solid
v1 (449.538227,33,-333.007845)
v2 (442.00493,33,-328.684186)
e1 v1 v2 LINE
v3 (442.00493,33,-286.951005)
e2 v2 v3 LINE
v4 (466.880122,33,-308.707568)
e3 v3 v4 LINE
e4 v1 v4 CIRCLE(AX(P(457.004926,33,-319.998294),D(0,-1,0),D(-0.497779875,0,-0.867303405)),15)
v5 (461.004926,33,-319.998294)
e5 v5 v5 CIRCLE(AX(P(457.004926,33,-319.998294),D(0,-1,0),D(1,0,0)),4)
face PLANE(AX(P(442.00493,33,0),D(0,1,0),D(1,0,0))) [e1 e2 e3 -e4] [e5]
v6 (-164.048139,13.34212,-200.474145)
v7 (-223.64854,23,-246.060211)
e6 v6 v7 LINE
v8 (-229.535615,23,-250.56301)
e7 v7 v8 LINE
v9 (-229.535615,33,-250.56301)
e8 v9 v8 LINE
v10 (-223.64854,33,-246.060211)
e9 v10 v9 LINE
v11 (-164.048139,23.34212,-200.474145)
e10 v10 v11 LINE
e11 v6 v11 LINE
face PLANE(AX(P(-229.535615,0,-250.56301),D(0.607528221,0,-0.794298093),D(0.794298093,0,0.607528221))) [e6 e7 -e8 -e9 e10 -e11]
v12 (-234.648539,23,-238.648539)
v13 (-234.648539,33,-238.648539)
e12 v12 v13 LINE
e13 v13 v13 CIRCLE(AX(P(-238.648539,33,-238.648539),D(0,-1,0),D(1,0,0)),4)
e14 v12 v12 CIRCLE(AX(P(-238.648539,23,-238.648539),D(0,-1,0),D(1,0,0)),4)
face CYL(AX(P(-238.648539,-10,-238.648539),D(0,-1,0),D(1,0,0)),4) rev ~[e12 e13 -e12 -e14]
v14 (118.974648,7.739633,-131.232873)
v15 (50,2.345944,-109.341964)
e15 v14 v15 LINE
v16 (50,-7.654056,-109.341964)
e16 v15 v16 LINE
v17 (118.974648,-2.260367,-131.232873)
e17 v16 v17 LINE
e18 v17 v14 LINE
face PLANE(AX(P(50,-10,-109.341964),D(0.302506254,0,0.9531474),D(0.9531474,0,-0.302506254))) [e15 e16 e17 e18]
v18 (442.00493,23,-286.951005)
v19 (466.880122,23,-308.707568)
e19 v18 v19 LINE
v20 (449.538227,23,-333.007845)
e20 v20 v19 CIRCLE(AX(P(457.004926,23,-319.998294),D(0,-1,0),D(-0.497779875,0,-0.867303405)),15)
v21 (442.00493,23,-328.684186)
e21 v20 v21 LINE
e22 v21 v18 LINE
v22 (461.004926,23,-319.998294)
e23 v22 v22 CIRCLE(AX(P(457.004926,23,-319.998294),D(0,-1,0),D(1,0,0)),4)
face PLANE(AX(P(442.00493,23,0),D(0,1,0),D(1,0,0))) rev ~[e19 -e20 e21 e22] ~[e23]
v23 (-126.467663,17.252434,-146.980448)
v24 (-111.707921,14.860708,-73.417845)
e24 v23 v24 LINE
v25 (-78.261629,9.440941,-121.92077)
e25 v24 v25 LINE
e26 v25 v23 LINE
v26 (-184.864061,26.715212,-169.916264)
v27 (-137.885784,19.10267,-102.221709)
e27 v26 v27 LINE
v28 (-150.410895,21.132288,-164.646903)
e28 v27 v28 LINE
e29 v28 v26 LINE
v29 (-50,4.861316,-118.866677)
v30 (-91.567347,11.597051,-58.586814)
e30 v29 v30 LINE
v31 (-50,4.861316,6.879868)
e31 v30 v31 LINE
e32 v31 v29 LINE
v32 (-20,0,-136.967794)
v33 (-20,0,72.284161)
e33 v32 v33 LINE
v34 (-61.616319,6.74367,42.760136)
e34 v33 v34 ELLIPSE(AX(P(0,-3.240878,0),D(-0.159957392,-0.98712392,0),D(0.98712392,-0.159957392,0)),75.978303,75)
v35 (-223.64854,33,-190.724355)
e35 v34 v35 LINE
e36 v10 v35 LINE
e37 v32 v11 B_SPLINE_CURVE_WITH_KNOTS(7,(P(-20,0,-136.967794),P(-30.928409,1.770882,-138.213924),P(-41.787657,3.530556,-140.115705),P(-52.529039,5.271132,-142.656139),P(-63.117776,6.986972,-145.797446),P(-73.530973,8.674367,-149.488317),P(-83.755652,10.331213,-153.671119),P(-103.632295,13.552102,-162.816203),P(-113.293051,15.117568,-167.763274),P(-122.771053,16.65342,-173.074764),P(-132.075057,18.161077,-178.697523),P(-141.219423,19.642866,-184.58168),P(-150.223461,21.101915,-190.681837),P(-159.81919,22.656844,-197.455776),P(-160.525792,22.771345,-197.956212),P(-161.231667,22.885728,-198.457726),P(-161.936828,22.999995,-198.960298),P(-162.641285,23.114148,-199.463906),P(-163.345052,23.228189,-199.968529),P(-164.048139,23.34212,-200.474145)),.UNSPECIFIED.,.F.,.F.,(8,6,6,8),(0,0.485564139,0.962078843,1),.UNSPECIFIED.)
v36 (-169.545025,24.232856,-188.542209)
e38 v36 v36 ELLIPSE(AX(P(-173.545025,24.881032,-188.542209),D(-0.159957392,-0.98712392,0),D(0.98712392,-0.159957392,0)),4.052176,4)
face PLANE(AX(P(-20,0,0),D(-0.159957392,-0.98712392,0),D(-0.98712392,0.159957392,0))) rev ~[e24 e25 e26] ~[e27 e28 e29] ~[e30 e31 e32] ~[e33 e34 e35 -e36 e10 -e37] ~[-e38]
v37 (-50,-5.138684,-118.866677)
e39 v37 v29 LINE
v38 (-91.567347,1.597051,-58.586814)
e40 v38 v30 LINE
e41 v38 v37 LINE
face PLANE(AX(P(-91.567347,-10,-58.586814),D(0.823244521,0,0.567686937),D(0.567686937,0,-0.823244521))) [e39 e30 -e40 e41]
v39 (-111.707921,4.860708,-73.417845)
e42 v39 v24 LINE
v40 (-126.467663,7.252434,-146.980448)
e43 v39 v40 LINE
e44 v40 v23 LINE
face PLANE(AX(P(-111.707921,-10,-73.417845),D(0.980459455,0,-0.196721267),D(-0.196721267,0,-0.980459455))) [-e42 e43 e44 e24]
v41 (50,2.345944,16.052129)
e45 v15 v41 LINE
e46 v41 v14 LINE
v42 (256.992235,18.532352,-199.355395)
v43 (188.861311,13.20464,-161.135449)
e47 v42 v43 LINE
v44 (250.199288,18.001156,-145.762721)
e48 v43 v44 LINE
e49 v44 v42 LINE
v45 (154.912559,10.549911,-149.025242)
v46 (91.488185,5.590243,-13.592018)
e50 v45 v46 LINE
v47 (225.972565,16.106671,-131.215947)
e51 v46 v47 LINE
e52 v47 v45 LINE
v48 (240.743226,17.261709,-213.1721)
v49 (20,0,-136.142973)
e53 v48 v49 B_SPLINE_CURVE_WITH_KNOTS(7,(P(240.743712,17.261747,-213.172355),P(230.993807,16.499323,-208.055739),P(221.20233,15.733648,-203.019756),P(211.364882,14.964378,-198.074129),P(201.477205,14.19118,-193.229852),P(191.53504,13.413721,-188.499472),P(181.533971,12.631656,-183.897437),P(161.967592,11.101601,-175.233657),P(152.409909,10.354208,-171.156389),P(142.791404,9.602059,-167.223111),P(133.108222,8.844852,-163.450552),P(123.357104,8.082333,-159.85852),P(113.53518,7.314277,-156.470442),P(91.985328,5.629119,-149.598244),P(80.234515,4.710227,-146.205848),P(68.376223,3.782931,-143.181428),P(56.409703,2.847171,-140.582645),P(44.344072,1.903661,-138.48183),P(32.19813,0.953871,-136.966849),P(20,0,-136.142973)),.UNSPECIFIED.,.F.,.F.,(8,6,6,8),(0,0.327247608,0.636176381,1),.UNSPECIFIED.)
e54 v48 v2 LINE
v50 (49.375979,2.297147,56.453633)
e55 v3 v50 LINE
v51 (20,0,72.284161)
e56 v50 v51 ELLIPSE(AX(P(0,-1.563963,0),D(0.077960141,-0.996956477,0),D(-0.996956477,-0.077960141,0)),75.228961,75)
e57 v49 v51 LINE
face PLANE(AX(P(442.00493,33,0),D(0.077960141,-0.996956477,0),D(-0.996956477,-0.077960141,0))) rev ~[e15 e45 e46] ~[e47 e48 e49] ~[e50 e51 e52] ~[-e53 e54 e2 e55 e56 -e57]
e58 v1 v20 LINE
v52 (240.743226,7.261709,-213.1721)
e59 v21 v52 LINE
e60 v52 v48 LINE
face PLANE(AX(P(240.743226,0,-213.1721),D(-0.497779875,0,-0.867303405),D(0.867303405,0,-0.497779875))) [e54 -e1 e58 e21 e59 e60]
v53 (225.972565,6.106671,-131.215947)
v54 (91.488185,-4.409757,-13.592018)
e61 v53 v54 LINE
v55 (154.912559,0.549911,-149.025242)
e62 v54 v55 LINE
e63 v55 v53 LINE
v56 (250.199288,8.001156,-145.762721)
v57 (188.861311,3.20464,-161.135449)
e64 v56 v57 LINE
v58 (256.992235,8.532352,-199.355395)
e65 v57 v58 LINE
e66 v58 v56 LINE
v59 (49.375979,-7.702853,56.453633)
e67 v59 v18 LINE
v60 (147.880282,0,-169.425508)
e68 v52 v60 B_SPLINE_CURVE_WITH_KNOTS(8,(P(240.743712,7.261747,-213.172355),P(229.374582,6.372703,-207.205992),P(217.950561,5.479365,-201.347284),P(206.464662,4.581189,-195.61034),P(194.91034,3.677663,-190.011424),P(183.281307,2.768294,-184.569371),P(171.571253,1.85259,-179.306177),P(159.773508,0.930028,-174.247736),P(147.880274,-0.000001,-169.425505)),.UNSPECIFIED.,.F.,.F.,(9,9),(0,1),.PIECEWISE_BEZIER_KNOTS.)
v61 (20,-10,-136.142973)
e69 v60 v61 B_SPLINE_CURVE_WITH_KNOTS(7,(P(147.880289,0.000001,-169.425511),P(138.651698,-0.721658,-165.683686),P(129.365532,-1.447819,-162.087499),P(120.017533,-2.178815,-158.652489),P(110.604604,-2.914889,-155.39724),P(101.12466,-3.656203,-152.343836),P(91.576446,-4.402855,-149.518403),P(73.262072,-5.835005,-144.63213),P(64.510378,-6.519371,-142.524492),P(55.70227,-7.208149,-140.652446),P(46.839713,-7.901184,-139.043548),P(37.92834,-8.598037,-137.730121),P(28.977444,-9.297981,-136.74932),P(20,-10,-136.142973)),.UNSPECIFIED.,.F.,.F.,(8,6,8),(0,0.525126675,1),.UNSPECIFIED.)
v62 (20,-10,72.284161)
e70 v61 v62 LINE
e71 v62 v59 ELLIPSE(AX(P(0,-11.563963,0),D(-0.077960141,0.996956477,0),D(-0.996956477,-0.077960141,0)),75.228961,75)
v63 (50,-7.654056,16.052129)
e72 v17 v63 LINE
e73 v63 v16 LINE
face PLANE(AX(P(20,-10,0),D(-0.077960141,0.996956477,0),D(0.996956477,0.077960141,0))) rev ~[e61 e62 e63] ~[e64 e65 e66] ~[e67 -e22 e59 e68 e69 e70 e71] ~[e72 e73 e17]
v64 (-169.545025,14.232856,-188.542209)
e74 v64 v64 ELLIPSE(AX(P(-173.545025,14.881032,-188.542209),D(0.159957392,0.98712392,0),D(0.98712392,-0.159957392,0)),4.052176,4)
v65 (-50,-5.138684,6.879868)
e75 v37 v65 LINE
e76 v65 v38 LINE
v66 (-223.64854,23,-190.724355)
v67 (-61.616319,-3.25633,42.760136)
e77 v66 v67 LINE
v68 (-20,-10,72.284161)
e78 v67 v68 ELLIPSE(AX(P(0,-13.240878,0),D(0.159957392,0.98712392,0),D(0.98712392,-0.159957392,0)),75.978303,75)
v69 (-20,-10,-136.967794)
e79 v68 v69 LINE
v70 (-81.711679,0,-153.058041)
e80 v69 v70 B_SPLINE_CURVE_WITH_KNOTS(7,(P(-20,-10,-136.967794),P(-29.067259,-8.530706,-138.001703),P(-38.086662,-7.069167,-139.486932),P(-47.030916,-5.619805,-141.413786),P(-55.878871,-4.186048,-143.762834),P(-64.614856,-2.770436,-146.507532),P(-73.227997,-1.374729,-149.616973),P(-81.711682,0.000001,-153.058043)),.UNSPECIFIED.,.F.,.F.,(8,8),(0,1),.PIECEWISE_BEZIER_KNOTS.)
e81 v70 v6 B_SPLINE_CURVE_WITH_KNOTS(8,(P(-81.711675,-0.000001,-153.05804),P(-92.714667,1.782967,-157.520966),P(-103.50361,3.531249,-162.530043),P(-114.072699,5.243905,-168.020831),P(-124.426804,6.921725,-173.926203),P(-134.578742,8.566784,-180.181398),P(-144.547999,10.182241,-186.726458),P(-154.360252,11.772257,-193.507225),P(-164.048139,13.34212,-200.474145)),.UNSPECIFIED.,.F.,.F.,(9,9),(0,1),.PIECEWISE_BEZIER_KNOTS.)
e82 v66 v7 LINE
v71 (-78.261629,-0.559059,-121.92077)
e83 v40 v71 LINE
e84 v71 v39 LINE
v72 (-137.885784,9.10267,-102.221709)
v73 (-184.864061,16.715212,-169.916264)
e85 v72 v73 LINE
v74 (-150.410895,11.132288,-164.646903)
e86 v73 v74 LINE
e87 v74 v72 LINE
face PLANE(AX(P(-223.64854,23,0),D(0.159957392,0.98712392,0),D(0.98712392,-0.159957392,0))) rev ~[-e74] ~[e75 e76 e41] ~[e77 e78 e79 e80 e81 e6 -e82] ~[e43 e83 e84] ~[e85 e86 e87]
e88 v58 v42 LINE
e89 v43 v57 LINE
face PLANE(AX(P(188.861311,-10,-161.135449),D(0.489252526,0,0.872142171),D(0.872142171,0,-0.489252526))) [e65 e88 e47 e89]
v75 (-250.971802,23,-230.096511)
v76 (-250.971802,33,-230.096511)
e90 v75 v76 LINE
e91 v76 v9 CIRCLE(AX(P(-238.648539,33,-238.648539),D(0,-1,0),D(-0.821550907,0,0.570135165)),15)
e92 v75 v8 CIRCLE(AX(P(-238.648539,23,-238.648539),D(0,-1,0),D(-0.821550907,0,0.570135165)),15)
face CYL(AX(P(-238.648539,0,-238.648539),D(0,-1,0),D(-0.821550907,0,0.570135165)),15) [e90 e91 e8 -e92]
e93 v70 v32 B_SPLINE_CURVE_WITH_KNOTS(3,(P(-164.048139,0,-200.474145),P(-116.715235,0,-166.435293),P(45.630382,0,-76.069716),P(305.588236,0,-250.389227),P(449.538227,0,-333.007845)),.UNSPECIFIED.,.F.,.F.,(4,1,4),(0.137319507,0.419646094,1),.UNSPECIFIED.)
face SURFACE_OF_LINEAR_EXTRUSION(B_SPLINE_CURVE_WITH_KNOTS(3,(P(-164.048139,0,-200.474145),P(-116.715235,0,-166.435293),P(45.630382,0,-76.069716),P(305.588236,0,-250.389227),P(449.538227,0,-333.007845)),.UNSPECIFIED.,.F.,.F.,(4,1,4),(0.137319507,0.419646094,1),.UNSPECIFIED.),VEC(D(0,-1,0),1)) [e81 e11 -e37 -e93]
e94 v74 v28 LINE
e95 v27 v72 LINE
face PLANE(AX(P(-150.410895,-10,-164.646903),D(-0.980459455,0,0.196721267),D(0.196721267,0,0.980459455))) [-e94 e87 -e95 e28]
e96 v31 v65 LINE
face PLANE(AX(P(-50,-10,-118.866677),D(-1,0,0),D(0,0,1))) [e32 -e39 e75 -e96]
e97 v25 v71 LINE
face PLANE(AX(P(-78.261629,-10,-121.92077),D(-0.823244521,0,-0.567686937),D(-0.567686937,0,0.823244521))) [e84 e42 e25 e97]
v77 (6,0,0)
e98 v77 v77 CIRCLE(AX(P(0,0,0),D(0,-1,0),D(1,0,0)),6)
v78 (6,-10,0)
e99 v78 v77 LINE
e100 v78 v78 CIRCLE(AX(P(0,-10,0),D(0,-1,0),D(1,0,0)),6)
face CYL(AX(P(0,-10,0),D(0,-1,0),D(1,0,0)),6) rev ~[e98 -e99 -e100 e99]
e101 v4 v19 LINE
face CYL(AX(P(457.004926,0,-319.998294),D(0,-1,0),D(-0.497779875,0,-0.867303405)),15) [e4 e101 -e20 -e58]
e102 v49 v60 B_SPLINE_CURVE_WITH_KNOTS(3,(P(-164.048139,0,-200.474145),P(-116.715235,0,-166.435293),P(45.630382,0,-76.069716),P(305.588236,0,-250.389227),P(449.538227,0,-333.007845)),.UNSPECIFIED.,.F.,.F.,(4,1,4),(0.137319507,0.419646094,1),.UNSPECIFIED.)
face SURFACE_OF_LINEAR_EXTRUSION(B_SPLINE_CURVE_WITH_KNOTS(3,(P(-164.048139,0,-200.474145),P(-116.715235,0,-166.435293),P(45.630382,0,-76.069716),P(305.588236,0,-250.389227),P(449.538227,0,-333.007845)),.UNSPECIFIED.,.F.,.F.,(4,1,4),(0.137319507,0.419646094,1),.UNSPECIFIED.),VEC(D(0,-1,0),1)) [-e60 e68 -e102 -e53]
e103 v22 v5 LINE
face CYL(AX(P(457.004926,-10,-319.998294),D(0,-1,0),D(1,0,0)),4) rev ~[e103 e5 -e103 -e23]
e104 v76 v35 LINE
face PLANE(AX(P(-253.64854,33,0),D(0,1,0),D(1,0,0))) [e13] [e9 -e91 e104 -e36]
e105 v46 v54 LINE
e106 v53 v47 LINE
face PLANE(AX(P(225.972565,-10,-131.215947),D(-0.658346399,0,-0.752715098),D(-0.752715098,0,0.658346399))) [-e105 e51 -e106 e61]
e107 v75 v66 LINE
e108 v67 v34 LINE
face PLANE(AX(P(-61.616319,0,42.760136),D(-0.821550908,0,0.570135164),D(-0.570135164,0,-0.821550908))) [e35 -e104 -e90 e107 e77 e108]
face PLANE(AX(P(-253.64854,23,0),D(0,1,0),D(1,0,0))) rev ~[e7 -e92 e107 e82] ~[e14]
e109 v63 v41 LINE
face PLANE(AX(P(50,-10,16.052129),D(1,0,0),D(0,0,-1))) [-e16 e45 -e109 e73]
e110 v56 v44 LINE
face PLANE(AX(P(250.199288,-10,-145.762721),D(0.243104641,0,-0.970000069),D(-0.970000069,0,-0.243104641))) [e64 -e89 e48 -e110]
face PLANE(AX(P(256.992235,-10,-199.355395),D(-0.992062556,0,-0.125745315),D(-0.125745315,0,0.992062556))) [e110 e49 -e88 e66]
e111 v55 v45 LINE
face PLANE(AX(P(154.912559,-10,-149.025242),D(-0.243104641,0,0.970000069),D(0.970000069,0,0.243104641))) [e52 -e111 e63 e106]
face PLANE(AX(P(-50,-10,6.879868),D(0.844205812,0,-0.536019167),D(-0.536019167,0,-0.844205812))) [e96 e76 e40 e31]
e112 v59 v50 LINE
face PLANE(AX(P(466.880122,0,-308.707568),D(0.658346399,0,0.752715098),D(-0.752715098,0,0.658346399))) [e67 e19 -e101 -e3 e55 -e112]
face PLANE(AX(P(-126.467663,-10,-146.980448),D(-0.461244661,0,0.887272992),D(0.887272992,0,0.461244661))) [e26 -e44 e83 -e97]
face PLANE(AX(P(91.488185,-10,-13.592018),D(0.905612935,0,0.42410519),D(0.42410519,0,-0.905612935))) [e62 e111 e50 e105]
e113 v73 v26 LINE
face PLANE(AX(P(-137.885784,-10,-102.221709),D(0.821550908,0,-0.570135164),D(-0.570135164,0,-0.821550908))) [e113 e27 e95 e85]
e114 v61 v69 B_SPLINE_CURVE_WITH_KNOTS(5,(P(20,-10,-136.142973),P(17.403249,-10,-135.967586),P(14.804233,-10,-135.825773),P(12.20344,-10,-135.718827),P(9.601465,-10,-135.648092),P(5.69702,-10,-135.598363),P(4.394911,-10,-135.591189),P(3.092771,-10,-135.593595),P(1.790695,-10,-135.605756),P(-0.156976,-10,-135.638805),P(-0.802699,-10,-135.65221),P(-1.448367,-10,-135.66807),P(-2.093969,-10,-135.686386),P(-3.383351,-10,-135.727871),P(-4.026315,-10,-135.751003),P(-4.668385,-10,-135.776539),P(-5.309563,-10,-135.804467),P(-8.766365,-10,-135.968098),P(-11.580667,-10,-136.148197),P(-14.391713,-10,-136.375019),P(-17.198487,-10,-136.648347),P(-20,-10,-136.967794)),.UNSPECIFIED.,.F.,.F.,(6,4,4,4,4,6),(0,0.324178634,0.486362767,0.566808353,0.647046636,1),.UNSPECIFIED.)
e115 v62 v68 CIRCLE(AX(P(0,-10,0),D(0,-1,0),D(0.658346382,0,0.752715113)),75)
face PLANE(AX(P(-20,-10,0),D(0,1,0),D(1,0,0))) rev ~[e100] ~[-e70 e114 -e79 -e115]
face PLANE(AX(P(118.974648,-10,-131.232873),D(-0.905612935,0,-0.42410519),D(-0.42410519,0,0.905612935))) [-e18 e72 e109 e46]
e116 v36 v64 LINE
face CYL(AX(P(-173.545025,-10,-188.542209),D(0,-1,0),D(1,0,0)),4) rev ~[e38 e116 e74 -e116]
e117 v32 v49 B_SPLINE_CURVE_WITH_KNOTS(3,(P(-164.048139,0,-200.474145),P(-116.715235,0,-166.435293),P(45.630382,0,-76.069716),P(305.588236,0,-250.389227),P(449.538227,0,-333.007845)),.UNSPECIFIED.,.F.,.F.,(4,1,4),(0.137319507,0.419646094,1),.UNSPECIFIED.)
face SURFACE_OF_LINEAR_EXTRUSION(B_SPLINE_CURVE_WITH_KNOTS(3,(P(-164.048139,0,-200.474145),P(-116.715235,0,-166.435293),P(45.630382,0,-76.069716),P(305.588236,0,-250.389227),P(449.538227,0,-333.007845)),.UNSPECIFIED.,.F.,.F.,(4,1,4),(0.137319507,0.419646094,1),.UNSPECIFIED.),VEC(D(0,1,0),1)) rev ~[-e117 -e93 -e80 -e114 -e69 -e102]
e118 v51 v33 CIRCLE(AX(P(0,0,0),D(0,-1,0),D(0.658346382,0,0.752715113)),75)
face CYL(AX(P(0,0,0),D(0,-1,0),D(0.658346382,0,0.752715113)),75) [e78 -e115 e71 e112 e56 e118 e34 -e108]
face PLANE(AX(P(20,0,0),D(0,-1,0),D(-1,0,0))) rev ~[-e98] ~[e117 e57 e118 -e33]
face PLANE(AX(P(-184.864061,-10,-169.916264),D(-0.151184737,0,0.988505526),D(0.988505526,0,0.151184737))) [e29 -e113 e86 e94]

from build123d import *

# Parameters (mm, degrees)
F1_W     = 30
F1_H     = 10
F2_DEPTH = 340
F3_DEPTH = 100
F5_DEPTH = 76
F6_R     = 4
F6_R_2   = 6
F7_DEPTH = 66


with BuildPart() as f2:
    # F1 (on Top) → F2 (new body)
    with BuildSketch(Plane.XY):
        Polygon((0, 0), (-20, 0), (-20, -10), (20, -10), (20, 0), align=None)
        Polygon((-20, -10), (-20, 0), (-223.64854, 33), (-223.64854, 23), align=None)
        with Locations((-238.64854, 28)):
            Rectangle(F1_W, F1_H)
        Polygon((442.00493, 33), (20, 0), (20, -10), (442.00493, 23), align=None)
        with Locations((457.00493, 28)):
            Rectangle(F1_W, F1_H)
    extrude(amount=-F2_DEPTH)

    # F1 (on Top) → F3 (join)
    with BuildSketch(Plane.XY):
        Polygon((0, 0), (-20, 0), (-20, -10), (20, -10), (20, 0), align=None)
        Polygon((-20, -10), (-20, 0), (-223.64854, 33), (-223.64854, 23), align=None)
        with Locations((-238.64854, 28)):
            Rectangle(F1_W, F1_H)
        Polygon((442.00493, 33), (20, 0), (20, -10), (442.00493, 23), align=None)
        with Locations((457.00493, 28)):
            Rectangle(F1_W, F1_H)
    extrude(amount=F3_DEPTH)

    # F4 (on Front) → F5 (intersect, symmetric)
    with BuildSketch(Plane.XZ):
        with BuildLine():
            ThreePointArc((-250.9718022583, -230.0965111685), (-249.006915225, -249.4976876834), (-229.5356153331, -250.563010045))
            ThreePointArc((-229.5356153331, -250.563010045), (-225.2006047987, -245.2933166844), (-223.6485386505, -238.6485386505))
            ThreePointArc((-223.6485386505, -238.6485386505), (-234.1679669301, -224.3333552056), (-250.9718022583, -230.0965111685))
        make_face()
        with BuildLine():
            add(Edge.make_bspline(
                [(-229.5356153331, -250.563010045), (-208.7207010553, -234.6424785008), (-187.0701685552, -217.0301430269), (-164.0481391717, -200.4741451059)],
                knots=[0, 0, 0, 0, 0.1373195068, 0.1373195068, 0.1373195068, 0.1373195068], degree=3))
            Line((-229.5356153331, -250.563010045), (-164.0481391717, -200.4741451059))
        make_face()
        with BuildLine():
            ThreePointArc((-223.6485386505, -238.6485386505), (-225.2006047987, -245.2933166844), (-229.5356153331, -250.563010045))
            add(Edge.make_bspline(
                [(-229.5356153331, -250.563010045), (-208.7207010553, -234.6424785008), (-187.0701685552, -217.0301430269), (-164.0481391717, -200.4741451059)],
                knots=[0, 0, 0, 0, 0.1373195068, 0.1373195068, 0.1373195068, 0.1373195068], degree=3))
            Line((-164.0481391717, -200.4741451059), (0, -75))
            ThreePointArc((0, -75), (-66.4530293795, -34.7706037666), (-61.6163187638, 42.7601363655))
            Line((-61.6163187638, 42.7601363655), (-250.9718022583, -230.0965111685))
            ThreePointArc((-250.9718022583, -230.0965111685), (-234.1679669301, -224.3333552056), (-223.6485386505, -238.6485386505))
        make_face()
        with BuildLine():
            Line((0, -75), (-164.0481391717, -200.4741451059))
            add(Edge.make_bspline(
                [(-164.0481391717, -200.4741451059), (-116.7152354778, -166.4352929221), (-4.1014041633, -103.751655246), (155.4809175381, -168.4276528716), (240.7432263876, -213.1721002441)],
                knots=[0.1373195068, 0.1373195068, 0.1373195068, 0.1373195068, 0.4196460942, 0.7357326781, 0.7357326781, 0.7357326781, 0.7357326781], degree=3))
            Line((240.7432263876, -213.1721002441), (0, -75))
        make_face()
        with BuildLine():
            ThreePointArc((49.3759786376, 56.4536334843), (-9.1833788682, 74.4356470555), (-61.6163187638, 42.7601363655))
            ThreePointArc((-61.6163187638, 42.7601363655), (-66.4530293795, -34.7706037666), (0, -75))
            ThreePointArc((0, -75), (53.033008589, -53.033008589), (75, 0))
            ThreePointArc((75, 0), (68.2942105812, 30.9983999763), (49.3759786376, 56.4536334843))
        make_face()
        with BuildLine():
            ThreePointArc((75, 0), (53.033008589, -53.033008589), (0, -75))
            Line((0, -75), (240.7432263876, -213.1721002441))
            add(Edge.make_bspline(
                [(240.7432263876, -213.1721002441), (312.0276249141, -250.5811390256), (383.9898125383, -295.3870059685), (449.5382273905, -333.0078449167)],
                knots=[0.7357326781, 0.7357326781, 0.7357326781, 0.7357326781, 1, 1, 1, 1], degree=3))
            ThreePointArc((449.5382273905, -333.0078449167), (444.7952538382, -311.2848606652), (466.8801220688, -308.7075678715))
            Line((466.8801220688, -308.7075678715), (49.3759786376, 56.4536334843))
            ThreePointArc((49.3759786376, 56.4536334843), (68.2942105812, 30.9983999763), (75, 0))
        make_face()
        with BuildLine():
            add(Edge.make_bspline(
                [(240.7432263876, -213.1721002441), (312.0276249141, -250.5811390256), (383.9898125383, -295.3870059685), (449.5382273905, -333.0078449167)],
                knots=[0.7357326781, 0.7357326781, 0.7357326781, 0.7357326781, 1, 1, 1, 1], degree=3))
            Line((240.7432263876, -213.1721002441), (449.5382273905, -333.0078449167))
        make_face()
        with BuildLine():
            ThreePointArc((466.8801220688, -308.7075678715), (444.7952538382, -311.2848606652), (449.5382273905, -333.0078449167))
            ThreePointArc((449.5382273905, -333.0078449167), (464.521558007, -332.979057912), (472.0049255088, -319.9982938402))
            ThreePointArc((472.0049255088, -319.9982938402), (470.6637678536, -313.7986143485), (466.8801220688, -308.7075678715))
        make_face()
    extrude(amount=F5_DEPTH, both=True, mode=Mode.INTERSECT)

    # F6 (on face) → F7 (cut, symmetric)
    with BuildSketch(Plane.XZ.offset(10)):
        Polygon((-50, -118.8666767037), (-50, 6.8798678522), (-91.5673471808, -58.5868135927), align=None)
        Polygon((-126.4676634488, -146.9804479722), (-78.2616292159, -121.9207695), (-111.7079214913, -73.417844568), align=None)
        Polygon((-150.4108945671, -164.6469025725), (-137.8857839916, -102.2217094685), (-184.8640607304, -169.9162639715), align=None)
        Polygon((50, 16.0521292518), (50, -109.3419641256), (118.974648416, -131.2328726053), align=None)
        Polygon((225.9725652657, -131.215947327), (91.4881845235, -13.5920175816), (154.9125586599, -149.0252423531), align=None)
        Polygon((250.1992884028, -145.7627206944), (188.8613105429, -161.1354485647), (256.9922346805, -199.3553946004), align=None)
        with Locations((-238.6485386505, -238.6485386505)):
            Circle(F6_R)
        with Locations((457.0049255088, -319.9982938402)):
            Circle(F6_R)
        Circle(F6_R_2)
        with Locations((-173.5450253277, -188.5422087565)):
            Circle(F6_R)
    extrude(amount=F7_DEPTH, both=True, mode=Mode.SUBTRACT)


solid = f2.part
